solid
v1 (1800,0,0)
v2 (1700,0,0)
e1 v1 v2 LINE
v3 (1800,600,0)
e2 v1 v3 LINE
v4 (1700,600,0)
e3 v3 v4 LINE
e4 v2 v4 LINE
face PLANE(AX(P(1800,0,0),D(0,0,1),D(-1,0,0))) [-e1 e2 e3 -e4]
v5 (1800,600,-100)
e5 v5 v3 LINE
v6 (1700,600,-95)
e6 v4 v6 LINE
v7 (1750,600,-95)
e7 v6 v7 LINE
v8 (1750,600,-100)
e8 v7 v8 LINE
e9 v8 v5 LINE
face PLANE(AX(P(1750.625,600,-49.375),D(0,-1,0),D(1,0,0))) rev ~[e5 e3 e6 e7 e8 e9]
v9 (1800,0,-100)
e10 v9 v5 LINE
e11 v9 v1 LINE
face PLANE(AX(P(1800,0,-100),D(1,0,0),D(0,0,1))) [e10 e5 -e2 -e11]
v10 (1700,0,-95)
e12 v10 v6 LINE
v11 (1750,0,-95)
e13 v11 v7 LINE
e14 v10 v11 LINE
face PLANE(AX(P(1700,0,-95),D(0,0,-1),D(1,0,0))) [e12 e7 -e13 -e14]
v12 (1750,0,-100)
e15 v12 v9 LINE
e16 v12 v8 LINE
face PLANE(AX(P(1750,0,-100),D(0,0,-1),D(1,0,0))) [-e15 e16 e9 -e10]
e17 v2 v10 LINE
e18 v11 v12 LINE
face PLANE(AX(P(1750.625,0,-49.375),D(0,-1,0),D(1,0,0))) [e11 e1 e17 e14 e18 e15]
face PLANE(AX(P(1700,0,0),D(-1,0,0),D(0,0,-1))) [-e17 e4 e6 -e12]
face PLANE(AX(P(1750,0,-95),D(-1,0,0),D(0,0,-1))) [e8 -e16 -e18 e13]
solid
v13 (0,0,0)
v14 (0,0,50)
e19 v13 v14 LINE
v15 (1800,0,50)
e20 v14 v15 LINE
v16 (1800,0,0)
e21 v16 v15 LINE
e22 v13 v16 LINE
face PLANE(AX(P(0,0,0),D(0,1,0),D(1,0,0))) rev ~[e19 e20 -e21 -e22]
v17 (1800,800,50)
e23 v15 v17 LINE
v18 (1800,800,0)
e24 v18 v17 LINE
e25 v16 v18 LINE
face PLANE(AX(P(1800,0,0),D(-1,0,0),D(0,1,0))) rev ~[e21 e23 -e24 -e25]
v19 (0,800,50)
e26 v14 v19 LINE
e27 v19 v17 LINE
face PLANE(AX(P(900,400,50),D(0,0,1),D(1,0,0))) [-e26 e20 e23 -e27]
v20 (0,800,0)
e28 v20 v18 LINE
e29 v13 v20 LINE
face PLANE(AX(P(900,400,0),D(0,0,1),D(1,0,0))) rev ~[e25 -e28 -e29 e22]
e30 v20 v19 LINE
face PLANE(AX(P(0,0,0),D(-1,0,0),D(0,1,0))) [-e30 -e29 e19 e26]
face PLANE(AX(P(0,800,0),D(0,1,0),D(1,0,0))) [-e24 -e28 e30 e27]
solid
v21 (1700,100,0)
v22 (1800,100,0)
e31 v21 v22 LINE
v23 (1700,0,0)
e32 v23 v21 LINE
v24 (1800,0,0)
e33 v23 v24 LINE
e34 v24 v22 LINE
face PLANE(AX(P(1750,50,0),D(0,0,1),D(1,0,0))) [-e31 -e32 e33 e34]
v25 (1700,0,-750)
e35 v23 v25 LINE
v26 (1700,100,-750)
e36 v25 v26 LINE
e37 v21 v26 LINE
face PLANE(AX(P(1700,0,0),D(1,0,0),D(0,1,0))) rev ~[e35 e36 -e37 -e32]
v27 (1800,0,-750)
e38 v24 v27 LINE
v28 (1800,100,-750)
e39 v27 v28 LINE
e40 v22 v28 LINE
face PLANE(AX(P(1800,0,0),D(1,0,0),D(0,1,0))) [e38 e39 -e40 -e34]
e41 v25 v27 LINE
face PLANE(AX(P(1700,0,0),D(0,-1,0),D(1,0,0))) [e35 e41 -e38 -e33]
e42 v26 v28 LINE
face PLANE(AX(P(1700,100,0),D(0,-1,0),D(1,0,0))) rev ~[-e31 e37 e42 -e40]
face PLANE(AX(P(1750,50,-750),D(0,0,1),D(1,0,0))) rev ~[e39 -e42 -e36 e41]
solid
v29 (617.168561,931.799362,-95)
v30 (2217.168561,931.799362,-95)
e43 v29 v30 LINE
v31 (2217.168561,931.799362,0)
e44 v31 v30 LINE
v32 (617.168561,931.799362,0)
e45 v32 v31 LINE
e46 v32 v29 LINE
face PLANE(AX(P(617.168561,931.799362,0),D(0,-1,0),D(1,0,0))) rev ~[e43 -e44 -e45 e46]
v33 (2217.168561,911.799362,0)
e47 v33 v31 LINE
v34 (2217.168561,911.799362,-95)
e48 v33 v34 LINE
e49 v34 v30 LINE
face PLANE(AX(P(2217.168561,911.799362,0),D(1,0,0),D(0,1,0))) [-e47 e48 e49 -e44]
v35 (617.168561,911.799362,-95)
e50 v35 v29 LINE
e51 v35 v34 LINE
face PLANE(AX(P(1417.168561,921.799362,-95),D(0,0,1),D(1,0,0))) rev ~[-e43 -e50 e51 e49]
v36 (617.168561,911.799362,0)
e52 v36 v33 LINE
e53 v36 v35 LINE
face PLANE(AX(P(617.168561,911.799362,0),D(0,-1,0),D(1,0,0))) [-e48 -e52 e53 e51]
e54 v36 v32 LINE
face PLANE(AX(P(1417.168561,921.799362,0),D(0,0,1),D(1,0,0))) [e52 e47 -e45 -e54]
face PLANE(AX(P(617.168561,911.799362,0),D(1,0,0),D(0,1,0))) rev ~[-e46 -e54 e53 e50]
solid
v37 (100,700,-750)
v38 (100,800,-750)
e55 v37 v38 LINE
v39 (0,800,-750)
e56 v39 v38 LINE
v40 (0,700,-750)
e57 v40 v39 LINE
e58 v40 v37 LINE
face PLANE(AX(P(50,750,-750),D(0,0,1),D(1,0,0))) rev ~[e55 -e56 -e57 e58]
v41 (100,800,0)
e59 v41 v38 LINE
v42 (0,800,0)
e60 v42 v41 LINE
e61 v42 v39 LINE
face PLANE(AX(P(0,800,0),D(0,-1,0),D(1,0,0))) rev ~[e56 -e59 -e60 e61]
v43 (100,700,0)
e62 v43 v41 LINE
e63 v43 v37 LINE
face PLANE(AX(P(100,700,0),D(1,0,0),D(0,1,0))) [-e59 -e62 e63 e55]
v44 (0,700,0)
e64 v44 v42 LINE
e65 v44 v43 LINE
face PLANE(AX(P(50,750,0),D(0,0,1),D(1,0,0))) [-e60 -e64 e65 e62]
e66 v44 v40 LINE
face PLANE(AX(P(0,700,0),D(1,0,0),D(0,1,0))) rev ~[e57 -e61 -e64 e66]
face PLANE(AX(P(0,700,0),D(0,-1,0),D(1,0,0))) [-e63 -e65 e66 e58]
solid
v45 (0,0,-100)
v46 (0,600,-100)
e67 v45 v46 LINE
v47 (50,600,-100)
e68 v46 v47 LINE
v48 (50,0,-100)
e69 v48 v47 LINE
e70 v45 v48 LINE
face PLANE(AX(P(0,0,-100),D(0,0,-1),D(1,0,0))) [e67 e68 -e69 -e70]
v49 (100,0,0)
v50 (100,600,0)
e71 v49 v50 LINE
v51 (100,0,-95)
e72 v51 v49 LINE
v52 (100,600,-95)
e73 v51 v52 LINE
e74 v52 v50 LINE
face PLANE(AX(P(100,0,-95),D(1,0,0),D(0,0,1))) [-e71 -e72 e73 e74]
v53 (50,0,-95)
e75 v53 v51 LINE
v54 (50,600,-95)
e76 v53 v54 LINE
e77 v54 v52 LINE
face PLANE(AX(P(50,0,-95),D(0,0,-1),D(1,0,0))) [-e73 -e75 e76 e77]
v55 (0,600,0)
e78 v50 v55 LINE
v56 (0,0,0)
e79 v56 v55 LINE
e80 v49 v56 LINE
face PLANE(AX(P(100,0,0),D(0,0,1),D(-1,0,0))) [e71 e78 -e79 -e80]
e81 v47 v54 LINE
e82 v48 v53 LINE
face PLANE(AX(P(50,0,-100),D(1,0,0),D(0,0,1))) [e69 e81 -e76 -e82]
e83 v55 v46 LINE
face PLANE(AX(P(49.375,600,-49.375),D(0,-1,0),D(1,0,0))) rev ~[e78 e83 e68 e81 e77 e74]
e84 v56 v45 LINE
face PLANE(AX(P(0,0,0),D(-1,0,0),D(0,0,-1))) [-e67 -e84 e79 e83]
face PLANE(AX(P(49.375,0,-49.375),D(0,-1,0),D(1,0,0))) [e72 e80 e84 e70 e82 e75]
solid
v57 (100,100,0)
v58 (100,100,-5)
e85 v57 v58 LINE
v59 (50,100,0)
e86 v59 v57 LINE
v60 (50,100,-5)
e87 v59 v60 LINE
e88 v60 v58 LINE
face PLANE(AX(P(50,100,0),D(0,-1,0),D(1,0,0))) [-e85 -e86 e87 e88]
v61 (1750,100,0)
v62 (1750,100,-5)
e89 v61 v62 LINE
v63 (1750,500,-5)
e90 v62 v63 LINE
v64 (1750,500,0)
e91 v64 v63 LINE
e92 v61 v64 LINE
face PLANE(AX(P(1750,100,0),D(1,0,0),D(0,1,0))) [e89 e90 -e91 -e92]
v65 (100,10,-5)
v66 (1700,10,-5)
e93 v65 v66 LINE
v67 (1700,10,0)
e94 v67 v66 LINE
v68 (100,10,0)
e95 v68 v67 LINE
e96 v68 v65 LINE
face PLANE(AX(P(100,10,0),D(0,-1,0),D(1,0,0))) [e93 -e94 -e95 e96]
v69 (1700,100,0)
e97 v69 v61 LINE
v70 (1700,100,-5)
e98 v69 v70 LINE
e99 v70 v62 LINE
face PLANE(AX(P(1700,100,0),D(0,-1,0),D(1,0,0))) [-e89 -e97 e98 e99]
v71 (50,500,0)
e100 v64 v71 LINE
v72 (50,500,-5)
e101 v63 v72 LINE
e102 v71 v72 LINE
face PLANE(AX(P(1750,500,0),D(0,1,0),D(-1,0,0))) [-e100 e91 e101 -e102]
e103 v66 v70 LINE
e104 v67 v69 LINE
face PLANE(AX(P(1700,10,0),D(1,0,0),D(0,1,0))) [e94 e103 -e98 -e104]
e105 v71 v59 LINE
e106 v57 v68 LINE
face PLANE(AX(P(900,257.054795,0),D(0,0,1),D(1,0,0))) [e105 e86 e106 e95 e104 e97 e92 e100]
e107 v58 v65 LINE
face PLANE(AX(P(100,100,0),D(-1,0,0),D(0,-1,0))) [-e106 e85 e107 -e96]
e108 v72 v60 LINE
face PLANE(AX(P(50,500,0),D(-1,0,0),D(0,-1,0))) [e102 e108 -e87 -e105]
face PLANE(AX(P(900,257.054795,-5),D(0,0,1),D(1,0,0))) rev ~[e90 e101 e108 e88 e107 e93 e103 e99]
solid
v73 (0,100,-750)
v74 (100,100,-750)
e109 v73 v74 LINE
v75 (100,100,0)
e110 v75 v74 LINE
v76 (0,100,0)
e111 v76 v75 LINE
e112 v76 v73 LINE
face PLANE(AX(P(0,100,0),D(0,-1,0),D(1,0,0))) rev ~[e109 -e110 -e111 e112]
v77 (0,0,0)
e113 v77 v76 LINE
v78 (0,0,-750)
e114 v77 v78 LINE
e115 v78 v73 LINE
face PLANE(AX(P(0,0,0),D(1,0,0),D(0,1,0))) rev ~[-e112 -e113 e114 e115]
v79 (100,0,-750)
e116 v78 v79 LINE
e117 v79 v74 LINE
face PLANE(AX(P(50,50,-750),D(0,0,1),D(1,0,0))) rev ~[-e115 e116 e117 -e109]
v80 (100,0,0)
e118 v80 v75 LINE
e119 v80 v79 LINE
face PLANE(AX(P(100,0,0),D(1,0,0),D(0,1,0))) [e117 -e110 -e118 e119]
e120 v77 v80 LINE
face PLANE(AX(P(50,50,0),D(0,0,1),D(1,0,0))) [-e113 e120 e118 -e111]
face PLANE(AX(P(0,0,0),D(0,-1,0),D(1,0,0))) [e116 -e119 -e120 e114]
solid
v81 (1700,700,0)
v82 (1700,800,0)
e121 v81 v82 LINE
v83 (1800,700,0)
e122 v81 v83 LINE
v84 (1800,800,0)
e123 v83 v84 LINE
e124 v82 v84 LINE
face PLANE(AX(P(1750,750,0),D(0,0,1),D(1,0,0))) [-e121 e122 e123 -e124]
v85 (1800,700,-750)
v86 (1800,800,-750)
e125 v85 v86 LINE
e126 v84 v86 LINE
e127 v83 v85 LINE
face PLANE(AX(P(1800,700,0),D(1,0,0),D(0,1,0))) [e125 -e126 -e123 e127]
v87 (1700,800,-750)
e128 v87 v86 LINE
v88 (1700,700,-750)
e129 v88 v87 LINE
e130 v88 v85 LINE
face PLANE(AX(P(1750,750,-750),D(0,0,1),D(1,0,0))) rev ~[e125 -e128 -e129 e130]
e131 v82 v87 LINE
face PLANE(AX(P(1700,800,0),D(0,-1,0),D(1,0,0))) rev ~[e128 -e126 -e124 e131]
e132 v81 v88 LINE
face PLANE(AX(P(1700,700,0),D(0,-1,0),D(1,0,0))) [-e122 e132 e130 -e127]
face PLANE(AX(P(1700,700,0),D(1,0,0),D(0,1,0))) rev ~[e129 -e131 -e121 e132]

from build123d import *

# Parameters (mm, degrees)
F0_W     = 1800
F0_H     = 800
F1_DEPTH = 50
F2_W     = 100
F2_H     = 100
F3_DEPTH = 750
F5_DEPTH = 600
F7_DEPTH = 5
F8_W     = 1600
F8_H     = 20
F9_DEPTH = 95


with BuildPart() as f1:
    # F0 (on Top) → F1 (new body)
    with BuildSketch(Plane.XY):
        with Locations((900, 400)):
            Rectangle(F0_W, F0_H)
    extrude(amount=F1_DEPTH)


with BuildPart() as f3:
    # F2 (on Top) → F3 (new body)
    with BuildSketch(Plane.XY):
        with Locations((50, 50)):
            Rectangle(F2_W, F2_H)
        with Locations((1750, 50)):
            Rectangle(F2_W, F2_H)
        with Locations((1750, 750)):
            Rectangle(F2_W, F2_H)
        with Locations((50, 750)):
            Rectangle(F2_W, F2_H)
    extrude(amount=-F3_DEPTH)


with BuildPart() as f5:
    # F4 (on Front) → F5 (new body)
    with BuildSketch(Plane.XZ):
        Polygon((100, 0), (0, 0), (0, -100), (50, -100), (50, -95), (100, -95), align=None)
        Polygon((1750, -95), (1750, -100), (1800, -100), (1800, 0), (1700, 0), (1700, -95), align=None)
    extrude(amount=-F5_DEPTH)


with BuildPart() as f7:
    # F6 (on Top) → F7 (new body)
    with BuildSketch(Plane.XY):
        Polygon((100, 100), (100, 10), (1700, 10), (1700, 100), (1750, 100), (1750, 500), (50, 500), (50, 100), align=None)
    extrude(amount=-F7_DEPTH)


with BuildPart() as f9:
    # F8 (on Top) → F9 (new body)
    with BuildSketch(Plane.XY):
        with Locations((1417.168561, 921.799362)):
            Rectangle(F8_W, F8_H)
    extrude(amount=-F9_DEPTH)


solid = Compound([f1.part, f3.part, f5.part, f7.part, f9.part])
